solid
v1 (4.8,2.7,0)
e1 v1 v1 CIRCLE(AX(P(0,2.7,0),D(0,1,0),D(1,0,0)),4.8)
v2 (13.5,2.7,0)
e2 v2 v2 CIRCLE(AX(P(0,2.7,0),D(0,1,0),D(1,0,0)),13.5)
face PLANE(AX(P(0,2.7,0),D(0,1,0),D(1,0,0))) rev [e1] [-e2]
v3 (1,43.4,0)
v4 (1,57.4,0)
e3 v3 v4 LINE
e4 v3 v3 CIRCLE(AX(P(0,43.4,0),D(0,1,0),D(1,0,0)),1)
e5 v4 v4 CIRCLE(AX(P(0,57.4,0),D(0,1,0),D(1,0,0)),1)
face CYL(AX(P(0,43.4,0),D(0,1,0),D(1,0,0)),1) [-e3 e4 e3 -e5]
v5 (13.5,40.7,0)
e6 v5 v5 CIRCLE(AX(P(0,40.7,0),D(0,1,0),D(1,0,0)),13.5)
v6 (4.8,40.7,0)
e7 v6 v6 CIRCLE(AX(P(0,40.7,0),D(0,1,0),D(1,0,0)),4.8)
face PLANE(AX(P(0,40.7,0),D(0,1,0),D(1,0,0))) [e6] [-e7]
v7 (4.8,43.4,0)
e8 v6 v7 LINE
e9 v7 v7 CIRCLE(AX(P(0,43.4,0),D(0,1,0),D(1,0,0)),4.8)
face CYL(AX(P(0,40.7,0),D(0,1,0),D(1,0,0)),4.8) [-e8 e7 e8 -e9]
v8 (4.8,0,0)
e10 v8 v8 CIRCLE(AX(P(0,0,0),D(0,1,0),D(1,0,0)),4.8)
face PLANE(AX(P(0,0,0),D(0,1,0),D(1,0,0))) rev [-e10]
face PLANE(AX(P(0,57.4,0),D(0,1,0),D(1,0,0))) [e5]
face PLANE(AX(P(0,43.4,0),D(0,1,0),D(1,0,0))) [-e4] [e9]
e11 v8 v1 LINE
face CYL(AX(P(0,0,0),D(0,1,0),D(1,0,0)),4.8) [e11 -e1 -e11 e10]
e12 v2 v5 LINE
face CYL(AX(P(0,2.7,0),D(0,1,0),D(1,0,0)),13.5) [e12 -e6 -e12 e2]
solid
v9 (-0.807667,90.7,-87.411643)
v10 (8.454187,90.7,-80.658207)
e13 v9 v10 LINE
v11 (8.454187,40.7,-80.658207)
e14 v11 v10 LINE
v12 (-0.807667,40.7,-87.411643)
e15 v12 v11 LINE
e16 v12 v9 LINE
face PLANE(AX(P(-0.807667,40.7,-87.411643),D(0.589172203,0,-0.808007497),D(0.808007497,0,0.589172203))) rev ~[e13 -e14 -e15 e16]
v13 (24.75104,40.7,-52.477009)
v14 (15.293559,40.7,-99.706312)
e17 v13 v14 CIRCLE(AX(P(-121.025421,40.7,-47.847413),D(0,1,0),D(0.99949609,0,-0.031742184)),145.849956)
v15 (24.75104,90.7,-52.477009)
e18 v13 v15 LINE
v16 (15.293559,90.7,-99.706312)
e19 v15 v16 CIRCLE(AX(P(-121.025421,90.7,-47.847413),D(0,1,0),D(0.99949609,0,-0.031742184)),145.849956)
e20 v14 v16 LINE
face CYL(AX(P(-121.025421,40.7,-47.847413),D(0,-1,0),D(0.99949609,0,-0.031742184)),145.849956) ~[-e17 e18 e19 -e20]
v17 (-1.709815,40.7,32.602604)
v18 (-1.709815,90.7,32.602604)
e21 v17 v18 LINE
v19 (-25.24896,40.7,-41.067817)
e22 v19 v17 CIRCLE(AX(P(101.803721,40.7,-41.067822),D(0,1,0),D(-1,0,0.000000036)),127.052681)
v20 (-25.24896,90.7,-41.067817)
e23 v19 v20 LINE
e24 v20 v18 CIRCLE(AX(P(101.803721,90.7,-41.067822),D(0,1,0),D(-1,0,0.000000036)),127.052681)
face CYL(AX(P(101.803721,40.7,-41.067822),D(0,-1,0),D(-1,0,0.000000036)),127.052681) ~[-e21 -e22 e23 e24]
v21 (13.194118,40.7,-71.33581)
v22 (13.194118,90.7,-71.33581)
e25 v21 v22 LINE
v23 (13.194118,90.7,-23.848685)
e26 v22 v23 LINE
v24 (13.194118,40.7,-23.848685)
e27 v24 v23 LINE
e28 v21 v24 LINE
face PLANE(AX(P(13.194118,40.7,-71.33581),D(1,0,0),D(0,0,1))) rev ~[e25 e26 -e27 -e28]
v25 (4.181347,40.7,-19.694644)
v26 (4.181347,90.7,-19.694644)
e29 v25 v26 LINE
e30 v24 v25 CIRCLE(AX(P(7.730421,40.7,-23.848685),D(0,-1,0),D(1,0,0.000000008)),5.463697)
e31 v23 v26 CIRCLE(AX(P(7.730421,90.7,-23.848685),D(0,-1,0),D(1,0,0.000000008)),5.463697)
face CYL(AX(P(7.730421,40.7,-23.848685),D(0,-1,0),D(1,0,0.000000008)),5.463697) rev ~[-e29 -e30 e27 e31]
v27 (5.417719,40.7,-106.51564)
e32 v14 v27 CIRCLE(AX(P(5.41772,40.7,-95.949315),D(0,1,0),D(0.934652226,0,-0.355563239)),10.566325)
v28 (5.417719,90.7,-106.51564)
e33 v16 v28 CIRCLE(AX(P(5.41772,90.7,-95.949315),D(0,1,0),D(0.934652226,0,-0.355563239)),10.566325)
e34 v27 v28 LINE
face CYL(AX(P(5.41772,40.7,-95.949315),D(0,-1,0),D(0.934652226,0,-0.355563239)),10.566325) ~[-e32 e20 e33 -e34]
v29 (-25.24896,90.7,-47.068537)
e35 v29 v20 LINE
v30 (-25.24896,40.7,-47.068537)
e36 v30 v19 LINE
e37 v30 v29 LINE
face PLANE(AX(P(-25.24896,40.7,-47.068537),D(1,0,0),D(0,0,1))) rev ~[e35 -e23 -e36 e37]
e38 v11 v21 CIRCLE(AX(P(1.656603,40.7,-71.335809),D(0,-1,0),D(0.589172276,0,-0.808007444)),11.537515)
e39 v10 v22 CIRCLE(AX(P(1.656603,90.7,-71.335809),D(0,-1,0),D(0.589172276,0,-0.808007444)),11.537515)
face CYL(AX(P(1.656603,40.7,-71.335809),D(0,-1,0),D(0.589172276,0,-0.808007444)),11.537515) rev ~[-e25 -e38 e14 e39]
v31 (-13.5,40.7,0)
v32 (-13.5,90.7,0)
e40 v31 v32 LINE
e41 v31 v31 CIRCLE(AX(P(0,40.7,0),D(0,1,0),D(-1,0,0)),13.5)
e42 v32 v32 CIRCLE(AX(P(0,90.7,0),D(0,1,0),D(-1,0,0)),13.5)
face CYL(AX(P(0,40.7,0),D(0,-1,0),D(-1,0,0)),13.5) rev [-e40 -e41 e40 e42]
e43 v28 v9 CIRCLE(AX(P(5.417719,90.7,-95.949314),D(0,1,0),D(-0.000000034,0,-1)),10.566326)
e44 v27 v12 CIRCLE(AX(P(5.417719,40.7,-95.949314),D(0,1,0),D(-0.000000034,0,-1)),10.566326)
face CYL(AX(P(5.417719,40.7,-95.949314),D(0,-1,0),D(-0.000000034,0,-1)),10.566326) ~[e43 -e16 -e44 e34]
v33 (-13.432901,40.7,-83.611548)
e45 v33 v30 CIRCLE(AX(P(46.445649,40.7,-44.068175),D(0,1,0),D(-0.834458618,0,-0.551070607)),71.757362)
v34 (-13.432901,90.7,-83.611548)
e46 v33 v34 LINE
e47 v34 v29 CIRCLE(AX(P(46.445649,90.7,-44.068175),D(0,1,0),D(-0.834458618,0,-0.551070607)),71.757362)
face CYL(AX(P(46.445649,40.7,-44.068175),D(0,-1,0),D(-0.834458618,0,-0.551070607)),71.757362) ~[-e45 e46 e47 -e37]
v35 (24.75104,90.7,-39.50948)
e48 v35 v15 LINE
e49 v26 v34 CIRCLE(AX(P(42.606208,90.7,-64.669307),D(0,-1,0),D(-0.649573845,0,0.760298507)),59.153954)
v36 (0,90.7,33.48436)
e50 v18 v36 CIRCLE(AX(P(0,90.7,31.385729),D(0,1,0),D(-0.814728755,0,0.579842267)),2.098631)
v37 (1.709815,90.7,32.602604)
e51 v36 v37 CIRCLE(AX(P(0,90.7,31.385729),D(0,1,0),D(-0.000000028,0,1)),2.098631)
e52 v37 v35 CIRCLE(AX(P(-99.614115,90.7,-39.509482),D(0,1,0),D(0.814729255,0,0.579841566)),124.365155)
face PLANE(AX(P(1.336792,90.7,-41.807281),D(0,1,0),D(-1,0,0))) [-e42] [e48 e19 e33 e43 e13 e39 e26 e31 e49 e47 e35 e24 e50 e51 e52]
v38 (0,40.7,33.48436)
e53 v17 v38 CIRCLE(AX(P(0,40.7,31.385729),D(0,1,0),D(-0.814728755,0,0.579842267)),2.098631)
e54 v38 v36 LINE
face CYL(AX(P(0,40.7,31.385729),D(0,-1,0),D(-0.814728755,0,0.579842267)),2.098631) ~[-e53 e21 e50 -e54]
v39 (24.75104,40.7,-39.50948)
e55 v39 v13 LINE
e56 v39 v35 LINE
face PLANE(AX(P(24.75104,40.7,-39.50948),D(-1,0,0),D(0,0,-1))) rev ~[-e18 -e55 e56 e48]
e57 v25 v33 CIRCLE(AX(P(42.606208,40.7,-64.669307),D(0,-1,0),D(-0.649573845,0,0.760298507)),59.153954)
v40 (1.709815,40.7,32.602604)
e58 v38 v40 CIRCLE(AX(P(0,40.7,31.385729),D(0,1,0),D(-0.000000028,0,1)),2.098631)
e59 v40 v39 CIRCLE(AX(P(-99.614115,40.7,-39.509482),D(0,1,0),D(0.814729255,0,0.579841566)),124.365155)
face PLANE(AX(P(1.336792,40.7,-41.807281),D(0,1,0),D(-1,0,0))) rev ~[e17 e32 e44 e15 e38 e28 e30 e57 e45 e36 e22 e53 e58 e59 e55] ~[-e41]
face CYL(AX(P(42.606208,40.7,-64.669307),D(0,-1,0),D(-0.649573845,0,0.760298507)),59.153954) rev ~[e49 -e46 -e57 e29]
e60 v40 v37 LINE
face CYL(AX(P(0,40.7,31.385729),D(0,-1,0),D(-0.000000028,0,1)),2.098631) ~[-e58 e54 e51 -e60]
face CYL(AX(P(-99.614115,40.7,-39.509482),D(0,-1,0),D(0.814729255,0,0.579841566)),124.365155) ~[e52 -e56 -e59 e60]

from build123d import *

# Parameters (mm, degrees)
F2_R     = 13.5
F3_DEPTH = 50


with BuildPart() as f1:
    # F0 (on Top) → F1 (revolve)
    with BuildSketch(Plane.XY):
        Polygon((0, 57.4), (0, 0), (4.8, 0), (4.8, 2.7), (13.5, 2.7), (13.5, 40.7), (4.8, 40.7), (4.8, 43.4), (1, 43.4), (1, 57.4), align=None)
    revolve(axis=Axis((0, 28.7, 0), (0, 1, 0)))


with BuildPart() as f3:
    # F2 (on face) → F3 (new body)
    with BuildSketch(Plane(origin=(0, 40.7, 0), x_dir=(-1, 0, 0), z_dir=(0, 1, 0))):
        with BuildLine():
            ThreePointArc((-15.293559, -99.706312), (-11.415618, -104.648306), (-5.417719, -106.51564))
            ThreePointArc((-5.417719, -106.51564), (4.62865, -99.223106), (0.807667, -87.411643))
            Line((0.807667, -87.411643), (-8.454187, -80.658207))
            ThreePointArc((-8.454187, -80.658207), (-11.941093, -76.564912), (-13.194118, -71.33581))
            Line((-13.194118, -71.33581), (-13.194118, -23.848685))
            ThreePointArc((-13.194118, -23.848685), (-10.017441, -18.886677), (-4.181347, -19.694644))
            ThreePointArc((-4.181347, -19.694644), (14.421882, -48.953481), (13.432901, -83.611548))
            ThreePointArc((13.432901, -83.611548), (21.831155, -66.145248), (25.24896, -47.068537))
            Line((25.24896, -47.068537), (25.24896, -41.067817))
            ThreePointArc((25.24896, -41.067817), (19.221185, -2.39799), (1.709815, 32.602604))
            ThreePointArc((1.709815, 32.602604), (0.961894, 33.25094), (0, 33.48436))
            ThreePointArc((0, 33.48436), (-0.961894, 33.25094), (-1.709815, 32.602604))
            ThreePointArc((-1.709815, 32.602604), (-18.85077, -1.657629), (-24.75104, -39.50948))
            Line((-24.75104, -39.50948), (-24.75104, -52.477009))
            ThreePointArc((-24.75104, -52.477009), (-21.985457, -76.484775), (-15.293559, -99.706312))
        make_face()
        Circle(F2_R, mode=Mode.SUBTRACT)
    extrude(amount=F3_DEPTH)


solid = Compound([f1.part, f3.part])
